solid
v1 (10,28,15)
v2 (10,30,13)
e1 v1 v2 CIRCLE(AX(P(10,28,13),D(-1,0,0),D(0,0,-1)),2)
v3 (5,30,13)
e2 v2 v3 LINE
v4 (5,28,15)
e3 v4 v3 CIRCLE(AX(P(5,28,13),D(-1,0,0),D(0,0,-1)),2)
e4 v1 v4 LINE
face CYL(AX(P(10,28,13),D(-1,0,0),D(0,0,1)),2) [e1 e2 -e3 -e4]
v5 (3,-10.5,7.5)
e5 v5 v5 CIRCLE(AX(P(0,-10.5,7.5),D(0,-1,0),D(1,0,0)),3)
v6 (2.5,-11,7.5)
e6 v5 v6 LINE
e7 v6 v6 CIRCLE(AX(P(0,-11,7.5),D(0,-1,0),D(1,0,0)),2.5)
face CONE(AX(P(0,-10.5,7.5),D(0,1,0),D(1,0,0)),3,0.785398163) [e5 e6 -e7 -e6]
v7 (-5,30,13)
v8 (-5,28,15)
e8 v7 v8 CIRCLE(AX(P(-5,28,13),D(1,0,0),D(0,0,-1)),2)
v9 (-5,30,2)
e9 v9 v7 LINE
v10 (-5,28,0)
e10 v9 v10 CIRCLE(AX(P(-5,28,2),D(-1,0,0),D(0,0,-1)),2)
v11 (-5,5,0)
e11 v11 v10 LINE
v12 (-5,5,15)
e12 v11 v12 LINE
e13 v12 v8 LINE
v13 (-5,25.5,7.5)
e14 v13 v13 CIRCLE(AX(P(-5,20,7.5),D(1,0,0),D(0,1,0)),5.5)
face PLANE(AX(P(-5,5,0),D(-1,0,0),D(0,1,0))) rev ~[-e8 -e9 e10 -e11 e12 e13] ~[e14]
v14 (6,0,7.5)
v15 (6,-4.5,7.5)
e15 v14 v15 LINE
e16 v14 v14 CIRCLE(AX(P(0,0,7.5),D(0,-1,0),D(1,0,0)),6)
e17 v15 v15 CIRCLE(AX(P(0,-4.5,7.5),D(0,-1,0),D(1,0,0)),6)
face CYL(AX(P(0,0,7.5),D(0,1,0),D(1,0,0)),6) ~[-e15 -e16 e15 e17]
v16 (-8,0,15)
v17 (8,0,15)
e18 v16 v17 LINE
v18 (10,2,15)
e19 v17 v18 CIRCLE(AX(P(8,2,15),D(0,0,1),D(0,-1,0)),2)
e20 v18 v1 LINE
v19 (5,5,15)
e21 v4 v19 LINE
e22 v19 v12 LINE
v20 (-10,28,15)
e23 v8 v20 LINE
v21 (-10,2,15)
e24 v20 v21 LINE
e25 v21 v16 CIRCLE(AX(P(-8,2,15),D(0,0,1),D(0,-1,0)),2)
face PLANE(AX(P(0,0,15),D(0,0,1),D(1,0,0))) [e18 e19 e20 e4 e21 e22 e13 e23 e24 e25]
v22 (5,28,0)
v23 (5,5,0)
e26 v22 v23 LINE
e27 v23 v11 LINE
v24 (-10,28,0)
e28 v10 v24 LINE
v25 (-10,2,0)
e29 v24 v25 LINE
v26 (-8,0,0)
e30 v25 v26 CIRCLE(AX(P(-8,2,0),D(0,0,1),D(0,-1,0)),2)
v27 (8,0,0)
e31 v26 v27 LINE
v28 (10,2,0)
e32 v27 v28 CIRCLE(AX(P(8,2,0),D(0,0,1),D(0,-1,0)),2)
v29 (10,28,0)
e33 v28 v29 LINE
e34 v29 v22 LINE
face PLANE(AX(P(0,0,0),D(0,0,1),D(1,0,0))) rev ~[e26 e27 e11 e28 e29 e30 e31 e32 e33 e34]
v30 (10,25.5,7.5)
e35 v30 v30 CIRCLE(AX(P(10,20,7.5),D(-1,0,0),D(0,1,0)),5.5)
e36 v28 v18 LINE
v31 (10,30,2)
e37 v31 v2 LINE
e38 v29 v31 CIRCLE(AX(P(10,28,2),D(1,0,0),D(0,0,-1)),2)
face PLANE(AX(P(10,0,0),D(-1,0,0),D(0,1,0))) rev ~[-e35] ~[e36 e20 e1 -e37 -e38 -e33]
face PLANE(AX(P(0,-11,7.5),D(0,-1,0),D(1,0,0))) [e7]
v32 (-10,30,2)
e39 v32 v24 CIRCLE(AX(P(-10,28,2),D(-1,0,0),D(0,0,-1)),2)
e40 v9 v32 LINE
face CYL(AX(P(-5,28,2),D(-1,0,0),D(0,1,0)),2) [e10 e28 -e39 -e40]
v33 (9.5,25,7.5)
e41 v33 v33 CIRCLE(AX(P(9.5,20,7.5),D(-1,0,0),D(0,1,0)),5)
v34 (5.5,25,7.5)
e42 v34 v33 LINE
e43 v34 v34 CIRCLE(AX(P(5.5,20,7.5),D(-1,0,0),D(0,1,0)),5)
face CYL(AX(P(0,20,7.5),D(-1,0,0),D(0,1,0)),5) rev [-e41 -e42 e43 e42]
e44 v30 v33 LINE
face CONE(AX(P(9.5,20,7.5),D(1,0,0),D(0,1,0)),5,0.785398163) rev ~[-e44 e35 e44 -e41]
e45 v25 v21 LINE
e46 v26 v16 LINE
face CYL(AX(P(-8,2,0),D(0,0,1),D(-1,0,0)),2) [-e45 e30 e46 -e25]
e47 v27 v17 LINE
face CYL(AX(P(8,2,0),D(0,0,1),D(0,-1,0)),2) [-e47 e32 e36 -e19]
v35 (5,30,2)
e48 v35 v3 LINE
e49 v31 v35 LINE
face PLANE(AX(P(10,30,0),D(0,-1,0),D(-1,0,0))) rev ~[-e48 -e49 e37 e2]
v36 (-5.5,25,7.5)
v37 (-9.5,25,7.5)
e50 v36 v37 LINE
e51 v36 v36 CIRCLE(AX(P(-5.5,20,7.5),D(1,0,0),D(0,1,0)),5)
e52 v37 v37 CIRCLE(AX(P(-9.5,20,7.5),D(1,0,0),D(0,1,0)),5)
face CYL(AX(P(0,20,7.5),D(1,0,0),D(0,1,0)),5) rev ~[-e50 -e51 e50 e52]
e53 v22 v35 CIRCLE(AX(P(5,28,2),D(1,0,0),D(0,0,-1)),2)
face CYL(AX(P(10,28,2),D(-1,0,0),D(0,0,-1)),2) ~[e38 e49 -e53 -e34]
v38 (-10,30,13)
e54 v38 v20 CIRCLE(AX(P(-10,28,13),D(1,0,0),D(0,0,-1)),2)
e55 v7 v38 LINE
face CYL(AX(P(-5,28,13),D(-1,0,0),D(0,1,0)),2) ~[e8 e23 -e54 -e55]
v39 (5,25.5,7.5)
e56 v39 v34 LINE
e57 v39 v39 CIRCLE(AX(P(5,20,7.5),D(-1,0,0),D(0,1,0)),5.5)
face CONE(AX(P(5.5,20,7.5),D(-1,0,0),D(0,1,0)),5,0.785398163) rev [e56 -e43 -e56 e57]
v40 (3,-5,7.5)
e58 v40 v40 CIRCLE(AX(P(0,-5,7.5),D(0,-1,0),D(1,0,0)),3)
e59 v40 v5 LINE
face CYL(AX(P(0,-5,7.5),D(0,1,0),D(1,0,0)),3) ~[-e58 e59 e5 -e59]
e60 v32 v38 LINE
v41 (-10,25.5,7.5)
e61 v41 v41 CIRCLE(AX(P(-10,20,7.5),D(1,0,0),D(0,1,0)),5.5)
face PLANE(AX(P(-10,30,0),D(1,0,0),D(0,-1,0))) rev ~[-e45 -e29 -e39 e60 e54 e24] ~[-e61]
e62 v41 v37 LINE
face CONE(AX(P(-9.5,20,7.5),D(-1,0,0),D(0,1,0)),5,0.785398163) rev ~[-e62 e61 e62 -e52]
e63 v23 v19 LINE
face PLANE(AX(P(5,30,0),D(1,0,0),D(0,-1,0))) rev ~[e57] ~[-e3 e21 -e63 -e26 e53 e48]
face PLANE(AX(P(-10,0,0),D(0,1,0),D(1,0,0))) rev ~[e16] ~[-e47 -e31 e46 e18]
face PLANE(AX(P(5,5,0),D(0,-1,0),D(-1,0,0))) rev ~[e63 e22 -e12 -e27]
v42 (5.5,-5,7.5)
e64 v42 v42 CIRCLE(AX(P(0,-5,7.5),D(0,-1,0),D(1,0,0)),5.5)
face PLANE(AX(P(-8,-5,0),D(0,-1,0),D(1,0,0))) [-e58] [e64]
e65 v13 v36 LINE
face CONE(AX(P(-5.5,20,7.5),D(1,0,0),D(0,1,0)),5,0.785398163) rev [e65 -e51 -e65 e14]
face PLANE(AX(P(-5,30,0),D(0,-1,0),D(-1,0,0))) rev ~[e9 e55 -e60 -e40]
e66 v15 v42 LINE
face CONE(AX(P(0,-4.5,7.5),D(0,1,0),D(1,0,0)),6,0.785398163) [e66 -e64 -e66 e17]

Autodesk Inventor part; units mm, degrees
ref_plane "YZ Plane" through (0, 0, 0) normal (1, 0, 0) x (0, 1, 0)
ref_plane "XZ Plane" through (0, 0, 0) normal (0, 1, 0) x (-1, 0, 0)
ref_plane "XY Plane" through (0, 0, 0) normal (0, 0, 1) x (1, 0, 0)
sketch "Schizzo1" plane through (0, 0, 0) normal (0, 0, 1) x (1, 0, 0)
  line L0 (-10, 30) -> (-10, 0)
  line L1 (-10, 0) -> (10, 0)
  line L2 (10, 0) -> (10, 30)
  line L3 (10, 30) -> (5, 30)
  line L4 (5, 30) -> (5, 5)
  line L5 (5, 5) -> (-5, 5)
  line L6 (-5, 5) -> (-5, 30)
  line L7 (-5, 30) -> (-10, 30)
  point P0 (0, 0)
  point P1 (0, 5)
  point P2 (0, 0)
  dimension "d0" = 20
  dimension "d1" = 10
  dimension "d2" = 5
  dimension "d3" = 30
extrude "Estrusione1" add sketch "Schizzo1" along normal blind 15
sketch "Schizzo2" plane through (0, 0, 0) normal (1, 0, 0) x (0, 1, 0)
  line L0 (5, 0) -> (30, 0) projected
  line L1 (30, 0) -> (30, 15) projected
  line L2 (5, 15) -> (30, 15) projected
  line L3 (5, 0) -> (5, 15) projected
  circle A0 centre (20, 7.5) radius 5
  point P0 (0, 0)
  point P1 (30, 7.5)
  point P2 (17.5, 0)
  dimension "d6" = 10
  dimension "d23" = 10
extrude "Estrusione2" cut sketch "Schizzo2" along normal through all both and the other way through all contours A0
fillet "Raccordo1" radius 2 6 edges at (-7.5, 30, 15) (-7.5, 30, 0) (7.5, 30, 15) (7.5, 30, 0) (10, 0, 7.5) (-10, 0, 7.5)
sketch "Schizzo3" plane through (-8, 0, 0) normal (0, -1, 0) x (1, 0, 0)
  line L0 (0, 0) -> (0, 15) projected
  line L1 (0, 0) -> (16, 0) projected
  line L2 (16, 15) -> (16, 0) projected
  line L3 (0, 15) -> (16, 15) projected
  circle A0 centre (8, 7.5) radius 6
  point P0 (8, 0)
  point P1 (16, 7.5)
  point P2 (8, 0)
  dimension "d13" = 12
extrude "Estrusione3" add sketch "Schizzo3" along normal blind 5 contours A0
sketch "Schizzo4" plane through (0, -5, 7.5) normal (0, -1, 0) x (1, 0, 0)
  circle A0 centre (0, 0) radius 3
  point P0 (0, -7.5)
  dimension "d16" = 6
extrude "Estrusione4" add sketch "Schizzo4" along normal blind 6
chamfer "Smusso1" distance 0.5 angle 45 6 edges at (-5, 15, 7.5) (5, 15, 7.5) (-10, 15, 7.5) (10, 15, 7.5) (-3, -11, 7.5) (-6, -5, 7.5)
thread "Filettatura2" size "M6x1" class "6g" standard "ANSI Metric M Profile" length 10
properties part number "Forcella movimento lama" material "Acciaio inossidabile"
